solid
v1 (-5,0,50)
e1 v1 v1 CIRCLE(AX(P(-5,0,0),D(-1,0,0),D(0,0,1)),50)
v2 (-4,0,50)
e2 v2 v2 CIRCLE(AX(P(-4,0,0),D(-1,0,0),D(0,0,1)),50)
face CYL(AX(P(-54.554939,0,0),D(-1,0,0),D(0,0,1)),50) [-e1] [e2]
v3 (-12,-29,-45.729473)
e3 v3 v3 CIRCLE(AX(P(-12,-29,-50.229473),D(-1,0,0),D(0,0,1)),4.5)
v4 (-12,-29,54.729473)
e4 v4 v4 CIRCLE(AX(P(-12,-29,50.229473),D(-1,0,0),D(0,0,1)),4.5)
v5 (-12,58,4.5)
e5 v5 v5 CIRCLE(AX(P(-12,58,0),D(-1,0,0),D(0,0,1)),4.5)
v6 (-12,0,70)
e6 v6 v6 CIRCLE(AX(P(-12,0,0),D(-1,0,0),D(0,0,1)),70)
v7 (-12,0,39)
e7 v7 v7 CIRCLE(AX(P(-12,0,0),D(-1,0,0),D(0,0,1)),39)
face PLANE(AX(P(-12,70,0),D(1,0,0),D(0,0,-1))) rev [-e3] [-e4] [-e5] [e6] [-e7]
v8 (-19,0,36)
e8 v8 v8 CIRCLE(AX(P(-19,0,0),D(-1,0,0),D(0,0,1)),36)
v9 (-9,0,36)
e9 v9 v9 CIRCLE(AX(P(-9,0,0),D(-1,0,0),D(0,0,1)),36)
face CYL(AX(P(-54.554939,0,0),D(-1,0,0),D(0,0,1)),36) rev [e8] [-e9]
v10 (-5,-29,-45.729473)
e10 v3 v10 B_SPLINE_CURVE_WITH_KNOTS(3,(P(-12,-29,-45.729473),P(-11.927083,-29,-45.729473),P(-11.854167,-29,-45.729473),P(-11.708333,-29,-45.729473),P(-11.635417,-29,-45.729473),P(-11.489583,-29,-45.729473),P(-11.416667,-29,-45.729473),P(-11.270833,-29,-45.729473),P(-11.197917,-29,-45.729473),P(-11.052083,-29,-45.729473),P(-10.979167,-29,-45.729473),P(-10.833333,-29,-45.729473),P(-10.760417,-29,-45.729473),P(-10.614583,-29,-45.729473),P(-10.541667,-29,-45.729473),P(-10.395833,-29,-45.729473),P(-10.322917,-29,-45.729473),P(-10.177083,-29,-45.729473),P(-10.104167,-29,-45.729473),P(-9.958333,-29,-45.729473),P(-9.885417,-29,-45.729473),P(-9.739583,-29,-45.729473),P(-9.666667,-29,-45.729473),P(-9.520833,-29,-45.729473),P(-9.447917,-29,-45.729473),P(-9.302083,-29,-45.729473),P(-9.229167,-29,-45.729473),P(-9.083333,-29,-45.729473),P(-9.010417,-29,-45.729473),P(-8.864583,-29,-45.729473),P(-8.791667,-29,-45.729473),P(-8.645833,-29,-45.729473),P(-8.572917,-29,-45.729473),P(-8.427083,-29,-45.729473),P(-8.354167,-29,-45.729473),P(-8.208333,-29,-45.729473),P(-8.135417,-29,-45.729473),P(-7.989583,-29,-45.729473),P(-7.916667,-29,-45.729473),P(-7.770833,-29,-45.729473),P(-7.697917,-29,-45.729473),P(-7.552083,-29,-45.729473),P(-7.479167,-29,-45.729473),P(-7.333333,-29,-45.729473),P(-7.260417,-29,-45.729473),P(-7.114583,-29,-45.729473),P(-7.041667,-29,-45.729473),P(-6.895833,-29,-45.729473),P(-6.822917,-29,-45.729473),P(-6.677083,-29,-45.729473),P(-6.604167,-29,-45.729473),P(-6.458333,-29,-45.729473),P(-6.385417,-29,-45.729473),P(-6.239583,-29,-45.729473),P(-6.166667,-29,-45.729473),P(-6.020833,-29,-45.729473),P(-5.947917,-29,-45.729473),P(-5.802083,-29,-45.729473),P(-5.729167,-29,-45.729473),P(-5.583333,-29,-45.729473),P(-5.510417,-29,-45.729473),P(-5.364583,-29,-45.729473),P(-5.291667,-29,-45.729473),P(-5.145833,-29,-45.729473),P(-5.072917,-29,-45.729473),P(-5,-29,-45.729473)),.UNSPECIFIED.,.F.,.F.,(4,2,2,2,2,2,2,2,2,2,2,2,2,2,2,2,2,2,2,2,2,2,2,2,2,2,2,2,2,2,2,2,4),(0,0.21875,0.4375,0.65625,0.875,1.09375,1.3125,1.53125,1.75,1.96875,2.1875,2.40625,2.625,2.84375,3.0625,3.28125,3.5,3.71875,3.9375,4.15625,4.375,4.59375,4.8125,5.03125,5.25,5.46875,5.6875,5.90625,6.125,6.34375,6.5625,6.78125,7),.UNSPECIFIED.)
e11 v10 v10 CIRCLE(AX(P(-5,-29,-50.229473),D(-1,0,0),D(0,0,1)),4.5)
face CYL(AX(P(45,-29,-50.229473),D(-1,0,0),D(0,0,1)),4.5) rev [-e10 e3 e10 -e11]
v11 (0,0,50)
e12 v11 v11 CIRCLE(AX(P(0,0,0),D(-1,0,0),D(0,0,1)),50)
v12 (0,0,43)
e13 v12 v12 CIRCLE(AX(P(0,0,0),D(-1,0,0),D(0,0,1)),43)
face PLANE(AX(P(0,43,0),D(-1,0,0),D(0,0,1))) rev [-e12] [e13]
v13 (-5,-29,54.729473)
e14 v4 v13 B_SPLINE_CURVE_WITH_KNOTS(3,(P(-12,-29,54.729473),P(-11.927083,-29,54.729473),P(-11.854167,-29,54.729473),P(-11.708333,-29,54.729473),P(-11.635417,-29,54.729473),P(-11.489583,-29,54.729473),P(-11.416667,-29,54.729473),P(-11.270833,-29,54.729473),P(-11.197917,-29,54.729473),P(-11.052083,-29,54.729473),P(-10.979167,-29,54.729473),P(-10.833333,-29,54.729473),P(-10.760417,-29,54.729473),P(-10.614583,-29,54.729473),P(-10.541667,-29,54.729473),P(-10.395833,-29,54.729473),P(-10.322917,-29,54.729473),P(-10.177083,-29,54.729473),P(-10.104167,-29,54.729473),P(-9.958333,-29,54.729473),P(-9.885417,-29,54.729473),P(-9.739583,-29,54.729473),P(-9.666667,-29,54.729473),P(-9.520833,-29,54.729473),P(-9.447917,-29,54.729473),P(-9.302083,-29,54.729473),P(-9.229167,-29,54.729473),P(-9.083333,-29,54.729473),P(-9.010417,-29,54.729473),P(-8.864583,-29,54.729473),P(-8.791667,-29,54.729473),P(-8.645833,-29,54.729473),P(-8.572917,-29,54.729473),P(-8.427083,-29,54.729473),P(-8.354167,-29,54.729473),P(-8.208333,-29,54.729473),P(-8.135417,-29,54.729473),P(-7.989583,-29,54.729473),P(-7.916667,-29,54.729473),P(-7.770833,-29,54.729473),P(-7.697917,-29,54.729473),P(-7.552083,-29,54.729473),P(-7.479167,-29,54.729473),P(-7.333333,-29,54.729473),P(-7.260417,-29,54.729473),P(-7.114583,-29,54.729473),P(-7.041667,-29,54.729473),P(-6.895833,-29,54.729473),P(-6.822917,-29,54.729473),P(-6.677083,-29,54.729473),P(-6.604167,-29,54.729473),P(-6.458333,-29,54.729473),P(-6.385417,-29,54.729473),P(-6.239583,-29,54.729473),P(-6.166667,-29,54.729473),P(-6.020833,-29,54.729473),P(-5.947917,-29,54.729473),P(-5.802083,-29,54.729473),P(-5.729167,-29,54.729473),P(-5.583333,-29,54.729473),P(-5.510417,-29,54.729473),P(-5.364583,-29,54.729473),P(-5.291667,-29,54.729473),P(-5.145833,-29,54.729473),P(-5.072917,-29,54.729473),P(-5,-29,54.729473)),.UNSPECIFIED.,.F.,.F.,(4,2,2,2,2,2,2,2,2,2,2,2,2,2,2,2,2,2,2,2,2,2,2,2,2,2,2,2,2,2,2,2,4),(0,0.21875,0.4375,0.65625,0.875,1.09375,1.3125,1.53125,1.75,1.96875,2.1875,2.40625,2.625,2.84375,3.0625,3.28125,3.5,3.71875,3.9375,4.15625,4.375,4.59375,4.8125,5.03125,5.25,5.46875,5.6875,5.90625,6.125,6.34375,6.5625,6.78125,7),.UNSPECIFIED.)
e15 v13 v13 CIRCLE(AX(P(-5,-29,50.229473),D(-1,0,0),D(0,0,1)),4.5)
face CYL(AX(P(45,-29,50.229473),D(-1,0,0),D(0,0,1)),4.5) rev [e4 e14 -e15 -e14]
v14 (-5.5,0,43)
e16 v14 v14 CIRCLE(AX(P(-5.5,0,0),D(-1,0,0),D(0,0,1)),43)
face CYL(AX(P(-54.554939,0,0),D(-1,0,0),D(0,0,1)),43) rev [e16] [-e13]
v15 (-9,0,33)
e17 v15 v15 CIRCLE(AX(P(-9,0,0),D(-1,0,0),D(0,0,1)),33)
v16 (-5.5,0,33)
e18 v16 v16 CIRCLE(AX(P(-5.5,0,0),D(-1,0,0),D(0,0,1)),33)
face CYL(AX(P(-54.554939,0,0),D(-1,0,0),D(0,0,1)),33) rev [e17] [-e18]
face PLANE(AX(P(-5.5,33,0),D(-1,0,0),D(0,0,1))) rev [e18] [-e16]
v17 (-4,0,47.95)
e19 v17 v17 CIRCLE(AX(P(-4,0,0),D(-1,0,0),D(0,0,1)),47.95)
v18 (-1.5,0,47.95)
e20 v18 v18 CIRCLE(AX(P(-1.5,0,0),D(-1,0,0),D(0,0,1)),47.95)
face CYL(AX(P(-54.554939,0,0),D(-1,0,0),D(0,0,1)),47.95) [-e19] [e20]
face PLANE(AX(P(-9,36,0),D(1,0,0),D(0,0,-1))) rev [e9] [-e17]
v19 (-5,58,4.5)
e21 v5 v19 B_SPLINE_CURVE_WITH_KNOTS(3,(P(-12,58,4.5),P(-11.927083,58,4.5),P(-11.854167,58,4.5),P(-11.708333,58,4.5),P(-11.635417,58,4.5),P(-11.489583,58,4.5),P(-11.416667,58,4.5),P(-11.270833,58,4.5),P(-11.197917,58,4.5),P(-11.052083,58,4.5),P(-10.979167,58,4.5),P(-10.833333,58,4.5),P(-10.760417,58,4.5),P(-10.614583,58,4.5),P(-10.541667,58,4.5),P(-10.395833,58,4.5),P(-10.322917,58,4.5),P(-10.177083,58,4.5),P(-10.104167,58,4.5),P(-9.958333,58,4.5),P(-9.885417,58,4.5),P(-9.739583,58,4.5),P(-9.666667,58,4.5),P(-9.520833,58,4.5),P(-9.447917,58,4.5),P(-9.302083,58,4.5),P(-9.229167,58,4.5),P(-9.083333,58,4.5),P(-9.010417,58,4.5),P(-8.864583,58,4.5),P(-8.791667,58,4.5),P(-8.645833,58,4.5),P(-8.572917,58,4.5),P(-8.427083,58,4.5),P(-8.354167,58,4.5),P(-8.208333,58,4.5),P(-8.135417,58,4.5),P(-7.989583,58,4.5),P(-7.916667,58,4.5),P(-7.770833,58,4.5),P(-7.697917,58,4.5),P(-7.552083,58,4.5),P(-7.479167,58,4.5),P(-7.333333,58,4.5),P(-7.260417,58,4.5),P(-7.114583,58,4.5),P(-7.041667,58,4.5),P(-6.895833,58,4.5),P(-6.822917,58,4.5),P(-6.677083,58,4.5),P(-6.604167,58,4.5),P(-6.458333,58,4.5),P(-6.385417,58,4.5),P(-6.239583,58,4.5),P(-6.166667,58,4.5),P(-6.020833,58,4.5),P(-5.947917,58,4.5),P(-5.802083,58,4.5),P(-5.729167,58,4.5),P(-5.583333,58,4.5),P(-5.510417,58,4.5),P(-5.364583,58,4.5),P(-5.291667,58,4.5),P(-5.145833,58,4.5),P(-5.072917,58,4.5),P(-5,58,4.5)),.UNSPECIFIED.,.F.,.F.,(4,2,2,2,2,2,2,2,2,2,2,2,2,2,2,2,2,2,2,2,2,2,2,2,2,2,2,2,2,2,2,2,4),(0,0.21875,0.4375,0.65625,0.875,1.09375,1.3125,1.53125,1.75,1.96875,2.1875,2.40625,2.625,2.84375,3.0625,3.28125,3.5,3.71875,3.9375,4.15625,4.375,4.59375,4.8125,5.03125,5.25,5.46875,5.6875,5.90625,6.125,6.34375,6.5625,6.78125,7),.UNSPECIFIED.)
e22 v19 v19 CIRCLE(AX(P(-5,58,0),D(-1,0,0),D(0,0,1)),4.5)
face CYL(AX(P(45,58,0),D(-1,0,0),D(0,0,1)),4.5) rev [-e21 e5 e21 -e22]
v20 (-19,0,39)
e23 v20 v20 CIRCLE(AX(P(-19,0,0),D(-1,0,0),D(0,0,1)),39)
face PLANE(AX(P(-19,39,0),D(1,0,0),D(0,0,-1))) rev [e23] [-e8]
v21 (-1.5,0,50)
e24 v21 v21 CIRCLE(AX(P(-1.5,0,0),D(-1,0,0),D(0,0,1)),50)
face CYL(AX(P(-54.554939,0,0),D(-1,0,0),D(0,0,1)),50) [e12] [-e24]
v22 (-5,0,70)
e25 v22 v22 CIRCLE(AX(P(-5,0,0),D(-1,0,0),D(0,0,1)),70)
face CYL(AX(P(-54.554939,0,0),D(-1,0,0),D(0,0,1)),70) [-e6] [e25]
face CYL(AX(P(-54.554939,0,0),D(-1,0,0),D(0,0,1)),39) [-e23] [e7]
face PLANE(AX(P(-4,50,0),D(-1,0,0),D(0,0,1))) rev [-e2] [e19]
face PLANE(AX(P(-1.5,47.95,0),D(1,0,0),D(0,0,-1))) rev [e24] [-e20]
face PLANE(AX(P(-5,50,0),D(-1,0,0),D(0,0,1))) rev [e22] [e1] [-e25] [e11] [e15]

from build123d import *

# Parameters (mm, degrees)
SCHIZZO2_R               = 4.5
TAGLIO_ESTRUSIONE2_DEPTH = 57


with BuildPart() as part:
    # Schizzo1 → Rivoluzione1 (revolve)
    with BuildSketch(Plane.XY, mode=Mode.PRIVATE) as rivoluzione1_sk:
        Polygon((0, 43), (0, 50), (-1.5, 50), (-1.5, 47.95), (-4, 47.95), (-4, 50), (-5, 50), (-5, 70), (-12, 70), (-12, 39), (-19, 39), (-19, 36), (-9, 36), (-9, 33), (-5.5, 33), (-5.5, 43), align=None)
    revolve(rivoluzione1_sk.sketch.rotate(Axis((-54.554939241, 0, 0), (1, 0, 0)), 90), axis=Axis((-54.554939241, 0, 0), (1, 0, 0)))

    # Schizzo2 → Taglio-Estrusione2 (cut)
    with BuildSketch(Plane.ZY.offset(12)):
        with Locations((0, 58)):
            Circle(SCHIZZO2_R)
        with Locations((50.22947342, -29)):
            Circle(SCHIZZO2_R)
        with Locations((-50.229473419, -29)):
            Circle(SCHIZZO2_R)
    extrude(amount=-TAGLIO_ESTRUSIONE2_DEPTH, mode=Mode.SUBTRACT)


solid = part.part
